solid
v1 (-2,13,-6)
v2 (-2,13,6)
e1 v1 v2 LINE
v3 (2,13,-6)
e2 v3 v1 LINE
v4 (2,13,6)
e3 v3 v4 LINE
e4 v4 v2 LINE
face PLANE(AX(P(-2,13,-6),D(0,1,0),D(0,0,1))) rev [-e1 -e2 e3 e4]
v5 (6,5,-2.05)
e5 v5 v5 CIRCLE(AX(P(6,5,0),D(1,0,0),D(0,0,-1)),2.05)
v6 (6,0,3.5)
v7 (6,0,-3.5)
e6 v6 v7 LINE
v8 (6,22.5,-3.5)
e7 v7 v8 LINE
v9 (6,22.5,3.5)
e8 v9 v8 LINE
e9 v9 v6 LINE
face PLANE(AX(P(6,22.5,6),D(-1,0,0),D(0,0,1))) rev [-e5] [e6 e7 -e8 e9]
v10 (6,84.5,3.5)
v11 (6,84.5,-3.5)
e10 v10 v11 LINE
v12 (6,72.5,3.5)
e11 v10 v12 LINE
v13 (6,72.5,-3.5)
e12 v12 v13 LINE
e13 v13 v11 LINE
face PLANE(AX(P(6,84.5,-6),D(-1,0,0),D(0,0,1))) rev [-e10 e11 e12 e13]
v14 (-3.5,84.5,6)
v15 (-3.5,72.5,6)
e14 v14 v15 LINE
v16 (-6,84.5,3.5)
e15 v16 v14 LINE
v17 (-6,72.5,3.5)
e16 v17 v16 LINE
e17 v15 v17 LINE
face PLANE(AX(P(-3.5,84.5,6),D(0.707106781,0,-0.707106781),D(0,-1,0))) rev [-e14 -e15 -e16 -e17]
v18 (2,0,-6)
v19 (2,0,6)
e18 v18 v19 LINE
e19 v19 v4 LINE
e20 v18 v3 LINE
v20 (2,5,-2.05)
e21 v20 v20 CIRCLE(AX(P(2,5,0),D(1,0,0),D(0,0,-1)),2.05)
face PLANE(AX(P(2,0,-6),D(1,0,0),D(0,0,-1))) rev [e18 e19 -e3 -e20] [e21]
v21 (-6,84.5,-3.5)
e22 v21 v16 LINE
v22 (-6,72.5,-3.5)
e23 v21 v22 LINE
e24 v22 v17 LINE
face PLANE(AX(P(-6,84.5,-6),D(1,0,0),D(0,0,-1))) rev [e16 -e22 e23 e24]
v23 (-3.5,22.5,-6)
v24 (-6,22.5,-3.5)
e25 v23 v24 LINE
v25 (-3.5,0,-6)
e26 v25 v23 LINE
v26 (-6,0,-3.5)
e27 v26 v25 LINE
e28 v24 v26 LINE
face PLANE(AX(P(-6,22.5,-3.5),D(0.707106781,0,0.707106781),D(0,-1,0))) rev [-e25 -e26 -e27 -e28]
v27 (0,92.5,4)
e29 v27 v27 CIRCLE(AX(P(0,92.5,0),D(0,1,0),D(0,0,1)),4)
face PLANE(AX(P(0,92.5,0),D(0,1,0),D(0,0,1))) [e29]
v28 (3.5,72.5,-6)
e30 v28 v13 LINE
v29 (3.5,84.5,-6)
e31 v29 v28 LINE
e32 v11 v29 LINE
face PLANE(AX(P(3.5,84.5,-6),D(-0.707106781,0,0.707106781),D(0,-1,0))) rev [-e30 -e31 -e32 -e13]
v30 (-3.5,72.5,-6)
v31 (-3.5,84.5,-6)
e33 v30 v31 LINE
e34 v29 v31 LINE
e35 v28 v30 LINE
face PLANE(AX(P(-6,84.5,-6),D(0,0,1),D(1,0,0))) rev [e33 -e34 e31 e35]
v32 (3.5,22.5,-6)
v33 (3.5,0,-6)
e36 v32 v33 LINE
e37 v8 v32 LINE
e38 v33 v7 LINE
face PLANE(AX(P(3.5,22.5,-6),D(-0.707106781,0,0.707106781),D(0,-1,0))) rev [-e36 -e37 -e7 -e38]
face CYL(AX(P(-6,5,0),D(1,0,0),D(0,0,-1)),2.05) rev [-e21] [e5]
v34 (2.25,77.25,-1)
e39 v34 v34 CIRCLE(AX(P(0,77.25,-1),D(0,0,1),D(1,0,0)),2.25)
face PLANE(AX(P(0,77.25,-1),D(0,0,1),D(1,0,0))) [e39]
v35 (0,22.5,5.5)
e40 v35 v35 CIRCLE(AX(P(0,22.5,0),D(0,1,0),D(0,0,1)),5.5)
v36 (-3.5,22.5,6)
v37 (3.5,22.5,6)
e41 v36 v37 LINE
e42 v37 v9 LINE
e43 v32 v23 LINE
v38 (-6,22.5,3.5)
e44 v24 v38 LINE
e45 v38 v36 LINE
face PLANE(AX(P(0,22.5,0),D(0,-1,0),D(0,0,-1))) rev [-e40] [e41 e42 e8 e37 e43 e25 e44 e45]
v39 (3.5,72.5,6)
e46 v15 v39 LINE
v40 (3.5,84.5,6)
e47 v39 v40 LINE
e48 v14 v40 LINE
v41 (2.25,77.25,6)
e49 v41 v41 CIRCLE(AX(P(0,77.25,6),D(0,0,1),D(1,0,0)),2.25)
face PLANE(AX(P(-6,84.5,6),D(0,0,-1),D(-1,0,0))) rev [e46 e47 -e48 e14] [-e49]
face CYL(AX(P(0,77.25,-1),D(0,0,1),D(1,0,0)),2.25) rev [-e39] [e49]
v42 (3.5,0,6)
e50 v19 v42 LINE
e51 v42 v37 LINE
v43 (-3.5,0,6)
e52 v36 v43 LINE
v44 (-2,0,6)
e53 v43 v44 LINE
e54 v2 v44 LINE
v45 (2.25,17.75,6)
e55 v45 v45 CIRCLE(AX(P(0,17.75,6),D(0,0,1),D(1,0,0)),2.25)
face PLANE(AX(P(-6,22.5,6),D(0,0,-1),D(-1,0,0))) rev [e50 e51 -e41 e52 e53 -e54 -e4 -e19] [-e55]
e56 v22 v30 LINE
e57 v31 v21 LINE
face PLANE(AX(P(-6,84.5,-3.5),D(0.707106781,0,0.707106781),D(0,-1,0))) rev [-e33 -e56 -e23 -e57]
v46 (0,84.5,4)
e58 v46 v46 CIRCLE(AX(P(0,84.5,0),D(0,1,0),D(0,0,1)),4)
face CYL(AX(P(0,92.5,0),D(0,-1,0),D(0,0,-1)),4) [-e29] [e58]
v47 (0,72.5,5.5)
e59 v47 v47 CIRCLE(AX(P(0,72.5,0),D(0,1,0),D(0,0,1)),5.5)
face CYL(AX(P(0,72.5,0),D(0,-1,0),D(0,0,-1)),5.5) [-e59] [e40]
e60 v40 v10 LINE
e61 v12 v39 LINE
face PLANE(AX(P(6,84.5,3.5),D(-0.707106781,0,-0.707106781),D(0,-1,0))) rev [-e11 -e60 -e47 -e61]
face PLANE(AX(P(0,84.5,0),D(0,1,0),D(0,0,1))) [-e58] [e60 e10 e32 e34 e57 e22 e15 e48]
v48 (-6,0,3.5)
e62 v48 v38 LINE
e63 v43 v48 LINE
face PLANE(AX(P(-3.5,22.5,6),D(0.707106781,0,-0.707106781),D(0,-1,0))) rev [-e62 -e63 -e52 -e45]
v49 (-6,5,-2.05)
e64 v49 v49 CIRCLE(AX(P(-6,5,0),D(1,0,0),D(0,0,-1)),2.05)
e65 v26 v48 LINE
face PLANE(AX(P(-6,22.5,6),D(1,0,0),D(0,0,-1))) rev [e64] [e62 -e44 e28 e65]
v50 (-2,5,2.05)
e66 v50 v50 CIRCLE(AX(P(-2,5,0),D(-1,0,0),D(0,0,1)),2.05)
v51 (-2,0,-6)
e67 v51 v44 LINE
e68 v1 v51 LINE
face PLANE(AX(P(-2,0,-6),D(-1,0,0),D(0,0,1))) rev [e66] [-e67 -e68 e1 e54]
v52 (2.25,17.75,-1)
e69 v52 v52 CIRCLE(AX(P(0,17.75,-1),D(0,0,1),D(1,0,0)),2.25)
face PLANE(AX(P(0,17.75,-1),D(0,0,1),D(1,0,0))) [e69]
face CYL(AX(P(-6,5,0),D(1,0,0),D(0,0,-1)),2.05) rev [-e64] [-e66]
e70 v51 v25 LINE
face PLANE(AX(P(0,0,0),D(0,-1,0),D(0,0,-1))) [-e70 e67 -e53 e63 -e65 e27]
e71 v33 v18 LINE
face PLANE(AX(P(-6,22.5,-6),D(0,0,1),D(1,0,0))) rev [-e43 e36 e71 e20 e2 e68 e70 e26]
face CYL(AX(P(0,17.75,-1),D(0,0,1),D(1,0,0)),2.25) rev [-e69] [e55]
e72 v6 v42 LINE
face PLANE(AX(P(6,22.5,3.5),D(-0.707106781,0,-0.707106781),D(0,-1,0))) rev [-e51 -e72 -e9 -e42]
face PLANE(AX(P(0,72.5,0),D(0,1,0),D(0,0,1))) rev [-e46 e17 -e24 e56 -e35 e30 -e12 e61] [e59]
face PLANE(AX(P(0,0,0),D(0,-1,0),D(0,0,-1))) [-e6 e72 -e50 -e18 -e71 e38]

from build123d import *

# Parameters (mm, degrees)
SKETCH1_W           = 11.999999876
SKETCH1_H           = 11.999999876
BOSS_EXTRUDE1_DEPTH = 22.499999958
SKETCH2_R           = 5.499999922
BOSS_EXTRUDE2_DEPTH = 50.000000076
SKETCH3_W           = 11.999999876
SKETCH3_H           = 11.999999876
BOSS_EXTRUDE3_DEPTH = 11.999999876
SKETCH4_R           = 4.000000128
BOSS_EXTRUDE4_DEPTH = 8.000000002
CHAMFER1_SIZE       = 2.50000008
CHAMFER2_SIZE       = 2.50000008
SKETCH5_W           = 4.000000128
SKETCH5_H           = 12.999999908
CUT_EXTRUDE1_DEPTH  = 94.467908824
SKETCH6_R           = 2.049999964
CUT_EXTRUDE2_DEPTH  = 94.467908824
SKETCH7_R           = 2.250000072
CUT_EXTRUDE3_DEPTH  = 6.99999997
SKETCH8_R           = 2.250000072
CUT_EXTRUDE4_DEPTH  = 6.99999997


with BuildPart() as part:
    # Sketch1 → Boss-Extrude1 (new body)
    with BuildSketch(Plane(origin=(0, 0, 0), x_dir=(1, 0, 0), z_dir=(0, 1, 0))):
        Rectangle(SKETCH1_W, SKETCH1_H)
    extrude(amount=BOSS_EXTRUDE1_DEPTH)

    # Sketch2 → Boss-Extrude2 (add)
    with BuildSketch(Plane(origin=(0, 22.499999958, 0), x_dir=(1, 0, 0), z_dir=(0, 1, 0))):
        with Locations(Location((0, 0, 0), (0, 0, 270))):
            Circle(SKETCH2_R)
    extrude(amount=BOSS_EXTRUDE2_DEPTH)

    # Sketch3 → Boss-Extrude3 (add)
    with BuildSketch(Plane(origin=(0, 72.500000034, 0), x_dir=(1, 0, 0), z_dir=(0, 1, 0))):
        Rectangle(SKETCH3_W, SKETCH3_H)
    extrude(amount=BOSS_EXTRUDE3_DEPTH)

    # Sketch4 → Boss-Extrude4 (add)
    with BuildSketch(Plane(origin=(0, 84.49999991, 0), x_dir=(1, 0, 0), z_dir=(0, 1, 0))):
        with Locations(Location((0, 0, 0), (0, 0, 270))):
            Circle(SKETCH4_R)
    extrude(amount=BOSS_EXTRUDE4_DEPTH)

    # Chamfer1
    chamfer1_edges = [part.edges().sort_by_distance(p)[0] for p in [
        (5.999999938, 11.249999979, 5.999999938),
        (-5.999999938, 11.249999979, 5.999999938),
        (-5.999999938, 11.249999979, -5.999999938),
        (5.999999938, 11.249999979, -5.999999938),
    ]]
    chamfer(chamfer1_edges, length=CHAMFER1_SIZE)

    # Chamfer2
    chamfer2_edges = [part.edges().sort_by_distance(p)[0] for p in [
        (5.999999938, 78.499999972, 5.999999938),
        (5.999999938, 78.499999972, -5.999999938),
        (-5.999999938, 78.499999972, -5.999999938),
        (-5.999999938, 78.499999972, 5.999999938),
    ]]
    chamfer(chamfer2_edges, length=CHAMFER2_SIZE)

    # Sketch5 → Cut-Extrude1 (cut, through all)
    with BuildSketch(Plane.XY.offset(5.999999938)):
        with Locations((0, 6.499999954)):
            Rectangle(SKETCH5_W, SKETCH5_H)
    extrude(amount=-CUT_EXTRUDE1_DEPTH, mode=Mode.SUBTRACT)

    # Sketch6 → Cut-Extrude2 (cut, through all)
    with BuildSketch(Plane(origin=(5.999999938, 0, 0), x_dir=(0, 0, -1), z_dir=(1, 0, 0))):
        with Locations((0, 4.999999906)):
            Circle(SKETCH6_R)
    extrude(amount=-CUT_EXTRUDE2_DEPTH, mode=Mode.SUBTRACT)

    # Sketch7 → Cut-Extrude3 (cut)
    with BuildSketch(Plane.XY.offset(5.999999938)):
        with Locations((0, 17.749999806)):
            Circle(SKETCH7_R)
    extrude(amount=-CUT_EXTRUDE3_DEPTH, mode=Mode.SUBTRACT)

    # Sketch8 → Cut-Extrude4 (cut)
    with BuildSketch(Plane.XY.offset(5.999999938)):
        with Locations((0, 77.249999932)):
            Circle(SKETCH8_R)
    extrude(amount=-CUT_EXTRUDE4_DEPTH, mode=Mode.SUBTRACT)


solid = part.part
